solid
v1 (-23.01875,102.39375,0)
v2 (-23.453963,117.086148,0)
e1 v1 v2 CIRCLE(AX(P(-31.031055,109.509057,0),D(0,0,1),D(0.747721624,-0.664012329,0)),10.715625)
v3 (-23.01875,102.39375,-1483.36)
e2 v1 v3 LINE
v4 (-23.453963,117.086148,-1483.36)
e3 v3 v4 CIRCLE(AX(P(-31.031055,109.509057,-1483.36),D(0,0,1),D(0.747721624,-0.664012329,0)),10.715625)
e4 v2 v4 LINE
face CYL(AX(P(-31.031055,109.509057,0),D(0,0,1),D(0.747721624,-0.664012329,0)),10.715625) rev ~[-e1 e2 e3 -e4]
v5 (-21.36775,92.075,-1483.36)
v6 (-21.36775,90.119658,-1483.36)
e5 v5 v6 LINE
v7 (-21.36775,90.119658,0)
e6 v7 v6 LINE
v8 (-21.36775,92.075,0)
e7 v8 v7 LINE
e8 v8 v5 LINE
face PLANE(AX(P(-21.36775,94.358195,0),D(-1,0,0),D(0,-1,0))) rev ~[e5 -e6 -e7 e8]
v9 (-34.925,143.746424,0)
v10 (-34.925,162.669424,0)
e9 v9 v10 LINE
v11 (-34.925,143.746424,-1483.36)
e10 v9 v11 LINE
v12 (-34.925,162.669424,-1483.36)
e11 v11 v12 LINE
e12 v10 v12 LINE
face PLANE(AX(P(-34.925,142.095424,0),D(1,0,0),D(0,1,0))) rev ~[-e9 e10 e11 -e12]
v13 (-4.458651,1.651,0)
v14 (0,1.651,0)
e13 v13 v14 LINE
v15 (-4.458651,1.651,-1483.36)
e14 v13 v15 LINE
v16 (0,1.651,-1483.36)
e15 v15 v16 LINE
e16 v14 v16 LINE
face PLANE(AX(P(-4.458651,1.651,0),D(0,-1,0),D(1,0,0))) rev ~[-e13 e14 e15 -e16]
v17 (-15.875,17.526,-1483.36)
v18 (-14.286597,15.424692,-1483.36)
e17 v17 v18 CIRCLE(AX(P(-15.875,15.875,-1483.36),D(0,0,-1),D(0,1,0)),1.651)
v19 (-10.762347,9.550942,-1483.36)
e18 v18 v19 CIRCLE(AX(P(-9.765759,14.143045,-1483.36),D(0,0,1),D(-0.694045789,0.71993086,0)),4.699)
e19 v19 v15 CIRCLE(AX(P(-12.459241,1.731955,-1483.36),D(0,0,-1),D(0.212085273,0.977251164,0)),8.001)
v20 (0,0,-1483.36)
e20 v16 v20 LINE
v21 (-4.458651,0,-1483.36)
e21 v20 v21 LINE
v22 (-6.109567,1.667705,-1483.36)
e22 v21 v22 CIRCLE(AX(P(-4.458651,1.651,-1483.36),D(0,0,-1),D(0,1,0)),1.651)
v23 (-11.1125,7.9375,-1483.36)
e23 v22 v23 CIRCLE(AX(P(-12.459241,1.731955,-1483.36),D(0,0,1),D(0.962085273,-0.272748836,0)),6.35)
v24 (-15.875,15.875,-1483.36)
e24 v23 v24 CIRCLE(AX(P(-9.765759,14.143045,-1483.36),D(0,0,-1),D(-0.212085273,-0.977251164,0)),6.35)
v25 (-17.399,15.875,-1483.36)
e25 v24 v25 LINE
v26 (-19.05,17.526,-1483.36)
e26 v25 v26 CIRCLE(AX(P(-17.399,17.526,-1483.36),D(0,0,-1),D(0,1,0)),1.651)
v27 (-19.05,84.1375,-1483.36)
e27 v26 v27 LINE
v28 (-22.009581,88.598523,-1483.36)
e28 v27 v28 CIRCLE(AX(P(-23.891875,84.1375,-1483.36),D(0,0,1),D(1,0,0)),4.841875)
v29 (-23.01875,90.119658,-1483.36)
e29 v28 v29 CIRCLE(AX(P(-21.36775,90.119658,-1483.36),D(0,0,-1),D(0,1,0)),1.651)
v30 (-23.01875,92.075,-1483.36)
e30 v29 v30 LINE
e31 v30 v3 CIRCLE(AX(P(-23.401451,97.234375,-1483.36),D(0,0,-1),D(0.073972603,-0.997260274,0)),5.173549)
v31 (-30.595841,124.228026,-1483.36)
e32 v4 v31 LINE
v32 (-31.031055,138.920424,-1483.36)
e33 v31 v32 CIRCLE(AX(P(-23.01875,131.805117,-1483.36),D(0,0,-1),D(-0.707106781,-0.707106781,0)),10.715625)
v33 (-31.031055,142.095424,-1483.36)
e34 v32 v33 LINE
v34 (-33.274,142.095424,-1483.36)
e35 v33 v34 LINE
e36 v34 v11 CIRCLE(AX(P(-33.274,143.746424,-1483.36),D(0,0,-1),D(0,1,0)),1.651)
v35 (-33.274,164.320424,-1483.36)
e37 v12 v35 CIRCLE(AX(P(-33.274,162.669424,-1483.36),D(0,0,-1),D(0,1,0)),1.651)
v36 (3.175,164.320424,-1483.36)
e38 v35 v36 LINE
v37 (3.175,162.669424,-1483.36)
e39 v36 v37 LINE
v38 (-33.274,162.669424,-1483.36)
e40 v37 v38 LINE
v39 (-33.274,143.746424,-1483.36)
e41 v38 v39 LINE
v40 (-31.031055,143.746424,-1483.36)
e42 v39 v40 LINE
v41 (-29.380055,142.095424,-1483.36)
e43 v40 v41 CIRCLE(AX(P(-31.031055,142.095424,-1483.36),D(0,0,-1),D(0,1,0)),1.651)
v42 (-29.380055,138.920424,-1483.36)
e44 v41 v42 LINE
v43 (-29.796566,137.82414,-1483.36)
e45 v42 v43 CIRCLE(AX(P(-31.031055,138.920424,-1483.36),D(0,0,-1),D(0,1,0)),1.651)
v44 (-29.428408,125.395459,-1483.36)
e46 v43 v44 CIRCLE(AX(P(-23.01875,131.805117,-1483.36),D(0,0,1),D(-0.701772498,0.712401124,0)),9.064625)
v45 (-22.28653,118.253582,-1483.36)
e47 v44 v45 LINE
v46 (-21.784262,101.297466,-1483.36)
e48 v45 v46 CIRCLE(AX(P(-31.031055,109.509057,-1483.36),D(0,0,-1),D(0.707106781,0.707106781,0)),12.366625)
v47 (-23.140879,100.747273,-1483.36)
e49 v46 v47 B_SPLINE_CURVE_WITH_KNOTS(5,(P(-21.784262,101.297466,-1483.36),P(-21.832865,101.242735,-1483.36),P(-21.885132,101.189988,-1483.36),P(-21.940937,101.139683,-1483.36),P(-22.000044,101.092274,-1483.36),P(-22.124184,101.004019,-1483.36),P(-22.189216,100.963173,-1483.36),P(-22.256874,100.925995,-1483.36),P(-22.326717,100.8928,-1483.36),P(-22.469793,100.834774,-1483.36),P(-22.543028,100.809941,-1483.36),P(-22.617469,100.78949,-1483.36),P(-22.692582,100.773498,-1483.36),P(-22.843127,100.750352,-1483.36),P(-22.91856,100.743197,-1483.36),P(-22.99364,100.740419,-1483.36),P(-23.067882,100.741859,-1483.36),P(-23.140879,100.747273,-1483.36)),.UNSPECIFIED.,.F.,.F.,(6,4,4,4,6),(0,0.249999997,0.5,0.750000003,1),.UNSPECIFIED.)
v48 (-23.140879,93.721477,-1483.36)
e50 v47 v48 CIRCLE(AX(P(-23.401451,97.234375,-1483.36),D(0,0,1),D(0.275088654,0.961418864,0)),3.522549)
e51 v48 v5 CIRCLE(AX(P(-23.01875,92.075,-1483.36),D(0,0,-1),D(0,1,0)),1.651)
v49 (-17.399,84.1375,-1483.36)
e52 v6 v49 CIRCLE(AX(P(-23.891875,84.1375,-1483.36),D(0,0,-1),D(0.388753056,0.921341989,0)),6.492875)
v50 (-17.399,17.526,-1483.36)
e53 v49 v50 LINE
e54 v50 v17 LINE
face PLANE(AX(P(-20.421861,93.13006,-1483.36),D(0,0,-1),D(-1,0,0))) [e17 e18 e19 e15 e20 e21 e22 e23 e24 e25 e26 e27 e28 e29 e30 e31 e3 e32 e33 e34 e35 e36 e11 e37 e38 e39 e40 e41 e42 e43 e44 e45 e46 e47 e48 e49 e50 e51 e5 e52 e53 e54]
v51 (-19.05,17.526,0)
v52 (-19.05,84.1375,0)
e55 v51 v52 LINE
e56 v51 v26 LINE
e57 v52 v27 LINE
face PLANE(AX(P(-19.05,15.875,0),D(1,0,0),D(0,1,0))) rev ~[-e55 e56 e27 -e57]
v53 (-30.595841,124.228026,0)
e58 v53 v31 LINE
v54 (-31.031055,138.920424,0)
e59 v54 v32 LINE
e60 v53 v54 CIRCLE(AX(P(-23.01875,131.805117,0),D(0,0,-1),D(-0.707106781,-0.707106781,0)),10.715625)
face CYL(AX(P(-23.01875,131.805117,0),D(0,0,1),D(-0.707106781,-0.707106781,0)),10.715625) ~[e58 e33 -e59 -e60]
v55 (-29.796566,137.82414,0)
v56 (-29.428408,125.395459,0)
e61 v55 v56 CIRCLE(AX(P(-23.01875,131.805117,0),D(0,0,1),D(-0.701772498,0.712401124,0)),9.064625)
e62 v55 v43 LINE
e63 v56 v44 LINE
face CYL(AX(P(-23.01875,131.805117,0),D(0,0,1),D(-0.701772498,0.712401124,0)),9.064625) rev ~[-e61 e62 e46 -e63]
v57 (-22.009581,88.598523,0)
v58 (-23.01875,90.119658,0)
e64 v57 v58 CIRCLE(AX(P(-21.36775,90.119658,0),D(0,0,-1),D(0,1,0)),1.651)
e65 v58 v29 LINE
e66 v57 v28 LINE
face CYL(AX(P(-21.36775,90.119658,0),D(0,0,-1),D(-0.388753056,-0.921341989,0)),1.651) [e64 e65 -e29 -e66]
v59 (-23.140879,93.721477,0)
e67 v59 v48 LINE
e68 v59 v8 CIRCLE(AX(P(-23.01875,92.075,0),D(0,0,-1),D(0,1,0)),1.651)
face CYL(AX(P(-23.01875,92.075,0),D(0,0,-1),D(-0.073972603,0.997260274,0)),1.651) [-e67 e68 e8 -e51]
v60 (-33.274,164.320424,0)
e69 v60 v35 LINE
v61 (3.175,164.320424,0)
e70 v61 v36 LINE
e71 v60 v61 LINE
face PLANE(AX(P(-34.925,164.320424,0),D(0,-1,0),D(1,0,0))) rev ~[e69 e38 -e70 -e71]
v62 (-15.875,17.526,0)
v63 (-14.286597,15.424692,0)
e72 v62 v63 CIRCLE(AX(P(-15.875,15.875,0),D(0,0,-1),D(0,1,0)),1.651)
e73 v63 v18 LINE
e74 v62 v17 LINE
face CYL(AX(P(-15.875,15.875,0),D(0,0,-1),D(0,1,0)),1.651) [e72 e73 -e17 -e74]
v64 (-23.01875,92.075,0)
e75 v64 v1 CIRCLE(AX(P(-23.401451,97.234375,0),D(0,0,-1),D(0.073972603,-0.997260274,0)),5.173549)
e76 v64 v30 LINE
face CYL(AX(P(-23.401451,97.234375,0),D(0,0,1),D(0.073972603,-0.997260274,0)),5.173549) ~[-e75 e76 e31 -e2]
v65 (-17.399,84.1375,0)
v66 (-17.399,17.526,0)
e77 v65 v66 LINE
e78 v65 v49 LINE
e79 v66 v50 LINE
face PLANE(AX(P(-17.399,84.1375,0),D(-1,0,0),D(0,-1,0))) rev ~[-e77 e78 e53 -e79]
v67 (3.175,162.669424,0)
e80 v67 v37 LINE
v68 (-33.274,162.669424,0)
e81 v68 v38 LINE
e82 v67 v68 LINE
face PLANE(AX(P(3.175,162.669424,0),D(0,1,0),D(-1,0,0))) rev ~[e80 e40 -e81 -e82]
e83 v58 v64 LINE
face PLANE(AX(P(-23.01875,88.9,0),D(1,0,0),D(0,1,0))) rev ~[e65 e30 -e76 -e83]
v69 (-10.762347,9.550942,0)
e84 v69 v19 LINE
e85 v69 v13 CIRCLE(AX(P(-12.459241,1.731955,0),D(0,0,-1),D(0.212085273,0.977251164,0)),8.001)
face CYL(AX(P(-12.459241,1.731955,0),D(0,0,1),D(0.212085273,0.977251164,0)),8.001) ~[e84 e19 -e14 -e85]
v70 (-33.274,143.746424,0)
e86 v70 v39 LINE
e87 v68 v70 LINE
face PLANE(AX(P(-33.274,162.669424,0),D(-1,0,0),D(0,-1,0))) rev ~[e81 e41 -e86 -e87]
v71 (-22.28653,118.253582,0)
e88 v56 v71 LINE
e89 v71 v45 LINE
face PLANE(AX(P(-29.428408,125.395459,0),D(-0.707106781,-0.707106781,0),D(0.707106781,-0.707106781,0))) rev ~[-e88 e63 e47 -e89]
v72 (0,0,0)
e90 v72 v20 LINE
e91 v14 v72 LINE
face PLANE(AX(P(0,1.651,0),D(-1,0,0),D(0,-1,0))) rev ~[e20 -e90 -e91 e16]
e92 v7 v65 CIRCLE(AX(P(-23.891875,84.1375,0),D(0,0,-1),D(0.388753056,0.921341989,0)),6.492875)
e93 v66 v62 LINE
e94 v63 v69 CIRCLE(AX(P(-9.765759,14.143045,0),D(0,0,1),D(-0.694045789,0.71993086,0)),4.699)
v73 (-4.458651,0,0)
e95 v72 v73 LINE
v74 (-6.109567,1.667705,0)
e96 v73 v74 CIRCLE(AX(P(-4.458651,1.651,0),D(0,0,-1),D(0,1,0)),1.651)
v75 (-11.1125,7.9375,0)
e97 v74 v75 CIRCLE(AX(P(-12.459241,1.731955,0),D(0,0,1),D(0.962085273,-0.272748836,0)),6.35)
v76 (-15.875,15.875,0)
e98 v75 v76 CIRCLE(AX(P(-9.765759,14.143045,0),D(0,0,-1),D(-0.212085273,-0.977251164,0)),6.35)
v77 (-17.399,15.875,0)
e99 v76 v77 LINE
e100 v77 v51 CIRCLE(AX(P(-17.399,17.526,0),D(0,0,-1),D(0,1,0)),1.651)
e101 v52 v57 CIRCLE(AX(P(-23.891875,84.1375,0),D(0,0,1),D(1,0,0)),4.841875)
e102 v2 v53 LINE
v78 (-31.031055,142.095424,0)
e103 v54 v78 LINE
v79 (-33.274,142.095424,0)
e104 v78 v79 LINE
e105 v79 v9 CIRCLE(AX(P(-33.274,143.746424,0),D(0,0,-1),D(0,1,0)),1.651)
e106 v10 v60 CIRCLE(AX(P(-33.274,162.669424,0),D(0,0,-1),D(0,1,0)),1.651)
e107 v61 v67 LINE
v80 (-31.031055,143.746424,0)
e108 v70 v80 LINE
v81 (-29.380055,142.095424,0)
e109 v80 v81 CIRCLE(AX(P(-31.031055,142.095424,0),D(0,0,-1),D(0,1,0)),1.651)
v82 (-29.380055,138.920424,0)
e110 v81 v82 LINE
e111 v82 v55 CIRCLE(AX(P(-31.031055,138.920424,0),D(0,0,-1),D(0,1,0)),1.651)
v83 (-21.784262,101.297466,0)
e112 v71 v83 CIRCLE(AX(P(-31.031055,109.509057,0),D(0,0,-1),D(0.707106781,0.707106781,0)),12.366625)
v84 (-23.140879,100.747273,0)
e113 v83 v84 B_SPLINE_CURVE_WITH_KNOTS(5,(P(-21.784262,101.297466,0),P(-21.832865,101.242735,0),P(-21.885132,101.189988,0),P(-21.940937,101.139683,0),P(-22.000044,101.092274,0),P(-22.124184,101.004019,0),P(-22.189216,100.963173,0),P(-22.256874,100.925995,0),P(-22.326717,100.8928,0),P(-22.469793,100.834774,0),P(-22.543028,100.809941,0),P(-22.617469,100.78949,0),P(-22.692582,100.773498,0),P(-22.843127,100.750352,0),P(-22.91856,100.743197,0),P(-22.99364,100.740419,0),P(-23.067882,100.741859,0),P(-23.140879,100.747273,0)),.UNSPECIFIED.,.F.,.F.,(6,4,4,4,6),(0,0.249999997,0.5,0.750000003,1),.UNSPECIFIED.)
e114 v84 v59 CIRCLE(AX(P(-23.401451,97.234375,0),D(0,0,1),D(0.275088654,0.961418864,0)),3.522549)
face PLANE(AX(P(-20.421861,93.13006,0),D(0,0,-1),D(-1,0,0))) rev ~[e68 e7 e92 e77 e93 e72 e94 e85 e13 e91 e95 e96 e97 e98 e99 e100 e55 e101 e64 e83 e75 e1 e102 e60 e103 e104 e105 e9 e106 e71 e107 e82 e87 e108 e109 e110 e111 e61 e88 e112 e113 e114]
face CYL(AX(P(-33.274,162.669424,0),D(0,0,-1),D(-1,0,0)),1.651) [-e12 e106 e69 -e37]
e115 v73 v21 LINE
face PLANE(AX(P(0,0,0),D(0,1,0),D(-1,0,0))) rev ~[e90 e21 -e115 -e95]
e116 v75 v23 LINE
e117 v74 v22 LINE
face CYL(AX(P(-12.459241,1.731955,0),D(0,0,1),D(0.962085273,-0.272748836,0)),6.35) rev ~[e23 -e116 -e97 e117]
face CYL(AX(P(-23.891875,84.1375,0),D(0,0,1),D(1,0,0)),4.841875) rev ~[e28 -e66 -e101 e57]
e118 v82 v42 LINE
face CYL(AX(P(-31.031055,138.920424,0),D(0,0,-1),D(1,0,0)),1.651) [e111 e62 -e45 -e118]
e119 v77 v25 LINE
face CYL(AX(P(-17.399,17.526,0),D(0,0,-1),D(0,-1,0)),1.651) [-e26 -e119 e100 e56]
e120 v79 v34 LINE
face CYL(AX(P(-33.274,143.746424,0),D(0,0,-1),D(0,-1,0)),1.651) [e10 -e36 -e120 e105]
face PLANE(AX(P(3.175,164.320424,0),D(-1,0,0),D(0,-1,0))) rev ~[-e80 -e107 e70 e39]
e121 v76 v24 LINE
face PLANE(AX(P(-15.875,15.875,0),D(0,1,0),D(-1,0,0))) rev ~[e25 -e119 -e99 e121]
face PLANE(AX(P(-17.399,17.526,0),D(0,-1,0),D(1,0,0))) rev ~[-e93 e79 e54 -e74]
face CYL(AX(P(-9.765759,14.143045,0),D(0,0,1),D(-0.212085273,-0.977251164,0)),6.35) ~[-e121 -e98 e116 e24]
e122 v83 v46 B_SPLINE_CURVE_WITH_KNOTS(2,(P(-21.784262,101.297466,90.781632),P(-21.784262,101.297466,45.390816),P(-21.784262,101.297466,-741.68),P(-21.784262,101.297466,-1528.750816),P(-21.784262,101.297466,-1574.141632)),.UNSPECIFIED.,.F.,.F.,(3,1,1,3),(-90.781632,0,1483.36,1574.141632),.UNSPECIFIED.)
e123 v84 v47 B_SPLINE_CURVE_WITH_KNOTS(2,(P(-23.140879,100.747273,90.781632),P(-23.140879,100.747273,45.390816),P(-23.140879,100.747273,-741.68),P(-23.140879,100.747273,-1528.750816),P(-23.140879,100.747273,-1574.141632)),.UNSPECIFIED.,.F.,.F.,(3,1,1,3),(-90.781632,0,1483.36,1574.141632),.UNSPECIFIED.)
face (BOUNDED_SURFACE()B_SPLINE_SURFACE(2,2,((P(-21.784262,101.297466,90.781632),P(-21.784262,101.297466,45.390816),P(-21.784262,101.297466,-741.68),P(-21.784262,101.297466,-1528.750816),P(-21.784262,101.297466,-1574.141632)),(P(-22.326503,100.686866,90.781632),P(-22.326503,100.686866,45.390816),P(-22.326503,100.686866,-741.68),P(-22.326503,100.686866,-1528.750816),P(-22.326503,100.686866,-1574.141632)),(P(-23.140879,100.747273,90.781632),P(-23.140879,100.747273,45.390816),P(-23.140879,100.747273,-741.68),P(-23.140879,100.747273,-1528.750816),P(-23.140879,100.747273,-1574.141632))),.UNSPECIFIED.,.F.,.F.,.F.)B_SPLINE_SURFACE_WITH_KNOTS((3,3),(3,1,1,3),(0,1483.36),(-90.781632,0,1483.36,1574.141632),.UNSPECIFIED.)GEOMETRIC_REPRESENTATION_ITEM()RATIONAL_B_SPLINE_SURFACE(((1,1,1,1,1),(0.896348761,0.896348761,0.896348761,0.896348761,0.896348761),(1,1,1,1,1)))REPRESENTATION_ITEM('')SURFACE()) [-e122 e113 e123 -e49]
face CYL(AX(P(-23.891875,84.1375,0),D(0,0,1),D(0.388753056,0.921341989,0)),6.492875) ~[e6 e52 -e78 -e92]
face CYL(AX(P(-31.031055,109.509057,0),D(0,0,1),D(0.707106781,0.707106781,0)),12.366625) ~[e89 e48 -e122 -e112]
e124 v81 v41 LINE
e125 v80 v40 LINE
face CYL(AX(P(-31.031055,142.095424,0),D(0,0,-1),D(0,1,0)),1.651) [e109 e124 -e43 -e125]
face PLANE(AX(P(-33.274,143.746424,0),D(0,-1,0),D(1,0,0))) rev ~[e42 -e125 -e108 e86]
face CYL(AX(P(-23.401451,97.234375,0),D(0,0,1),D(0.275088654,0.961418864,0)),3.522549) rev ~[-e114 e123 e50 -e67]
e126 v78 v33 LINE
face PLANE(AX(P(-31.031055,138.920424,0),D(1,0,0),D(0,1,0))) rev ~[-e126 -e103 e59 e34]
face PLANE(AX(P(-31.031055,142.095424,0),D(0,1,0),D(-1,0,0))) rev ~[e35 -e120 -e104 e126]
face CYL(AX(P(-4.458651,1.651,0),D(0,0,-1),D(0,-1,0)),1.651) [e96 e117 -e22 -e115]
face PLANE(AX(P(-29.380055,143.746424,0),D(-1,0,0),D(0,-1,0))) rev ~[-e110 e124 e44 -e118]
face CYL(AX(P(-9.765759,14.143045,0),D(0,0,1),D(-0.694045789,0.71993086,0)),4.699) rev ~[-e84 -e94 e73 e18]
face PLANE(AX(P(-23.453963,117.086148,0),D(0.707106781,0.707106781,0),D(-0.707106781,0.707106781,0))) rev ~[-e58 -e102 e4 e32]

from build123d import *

# Parameters (mm, degrees)
EXTRUDE_THIN1_DEPTH = 1483.36
FILLET1_R           = 1.651


with BuildPart() as part:
    # Sketch1 → Extrude-Thin1 (new body)
    with BuildSketch(Plane.XY):
        with BuildLine():
            Line((0, 0), (-6.35, 0))
            ThreePointArc((-6.35, 0), (-7.014161405, 4.999003157), (-11.1125, 7.9375))
            ThreePointArc((-11.1125, 7.9375), (-15.210838595, 10.875996843), (-15.875, 15.875))
            Line((-15.875, 15.875), (-19.05, 15.875))
            Line((-19.05, 15.875), (-19.05, 84.1375))
            ThreePointArc((-19.05, 84.1375), (-20.172243592, 87.23719284), (-23.01875, 88.9))
            Line((-23.01875, 88.9), (-23.01875, 92.075))
            ThreePointArc((-23.01875, 92.075), (-28.575, 97.234375), (-23.01875, 102.39375))
            ThreePointArc((-23.01875, 102.39375), (-20.320127613, 109.826332694), (-23.453963425, 117.086148215))
            Line((-23.453963425, 117.086148215), (-30.595841102, 124.228025892))
            ThreePointArc((-30.595841102, 124.228025892), (-33.729676913, 131.487841413), (-31.031054527, 138.920424107))
            Line((-31.031054527, 138.920424107), (-31.031054527, 142.095424107))
            Line((-31.031054527, 142.095424107), (-34.925, 142.095424107))
            Line((-34.925, 142.095424107), (-34.925, 164.320424107))
            Line((-34.925, 164.320424107), (3.175, 164.320424107))
            Line((3.175, 164.320424107), (3.175, 162.669424107))
            Line((3.175, 162.669424107), (-33.274, 162.669424107))
            Line((-33.274, 162.669424107), (-33.274, 143.746424107))
            Line((-33.274, 143.746424107), (-29.380054527, 143.746424107))
            Line((-29.380054527, 143.746424107), (-29.380054527, 138.262766033))
            ThreePointArc((-29.380054527, 138.262766033), (-32.083310998, 131.839180164), (-29.428407806, 125.395459188))
            Line((-29.428407806, 125.395459188), (-22.286530129, 118.253581511))
            ThreePointArc((-22.286530129, 118.253581511), (-18.6648529, 109.406728179), (-22.4324376, 100.621020162))
            ThreePointArc((-22.4324376, 100.621020162), (-26.874175858, 96.64400772), (-21.36775, 94.35819474))
            Line((-21.36775, 94.35819474), (-21.36775, 90.119658369))
            ThreePointArc((-21.36775, 90.119658369), (-18.481410423, 87.72697055), (-17.399, 84.1375))
            Line((-17.399, 84.1375), (-17.399, 17.526))
            Line((-17.399, 17.526), (-13.027079679, 17.526))
            ThreePointArc((-13.027079679, 17.526), (-14.286028192, 12.859392651), (-10.762347214, 9.550941671))
            ThreePointArc((-10.762347214, 9.550941671), (-6.205237007, 6.722288668), (-4.45865105, 1.651))
            Line((-4.45865105, 1.651), (0, 1.651))
            Line((0, 1.651), (0, 0))
        make_face()
    extrude(amount=-EXTRUDE_THIN1_DEPTH)

    # Fillet1
    fillet1_edges = [part.edges().sort_by_distance(p)[0] for p in [
        (-29.380054527, 143.746424107, -741.68),
        (-29.380054527, 138.262766033, -741.68),
        (-22.4324376, 100.621020162, -741.68),
        (-21.36775, 94.35819474, -741.68),
        (-13.027079679, 17.526, -741.68),
        (-6.35, 0, -741.68),
        (-19.05, 15.875, -741.68),
        (-23.01875, 88.9, -741.68),
        (-34.925, 142.095424107, -741.68),
        (-34.925, 164.320424107, -741.68),
    ]]
    fillet(fillet1_edges, radius=FILLET1_R)


solid = part.part
